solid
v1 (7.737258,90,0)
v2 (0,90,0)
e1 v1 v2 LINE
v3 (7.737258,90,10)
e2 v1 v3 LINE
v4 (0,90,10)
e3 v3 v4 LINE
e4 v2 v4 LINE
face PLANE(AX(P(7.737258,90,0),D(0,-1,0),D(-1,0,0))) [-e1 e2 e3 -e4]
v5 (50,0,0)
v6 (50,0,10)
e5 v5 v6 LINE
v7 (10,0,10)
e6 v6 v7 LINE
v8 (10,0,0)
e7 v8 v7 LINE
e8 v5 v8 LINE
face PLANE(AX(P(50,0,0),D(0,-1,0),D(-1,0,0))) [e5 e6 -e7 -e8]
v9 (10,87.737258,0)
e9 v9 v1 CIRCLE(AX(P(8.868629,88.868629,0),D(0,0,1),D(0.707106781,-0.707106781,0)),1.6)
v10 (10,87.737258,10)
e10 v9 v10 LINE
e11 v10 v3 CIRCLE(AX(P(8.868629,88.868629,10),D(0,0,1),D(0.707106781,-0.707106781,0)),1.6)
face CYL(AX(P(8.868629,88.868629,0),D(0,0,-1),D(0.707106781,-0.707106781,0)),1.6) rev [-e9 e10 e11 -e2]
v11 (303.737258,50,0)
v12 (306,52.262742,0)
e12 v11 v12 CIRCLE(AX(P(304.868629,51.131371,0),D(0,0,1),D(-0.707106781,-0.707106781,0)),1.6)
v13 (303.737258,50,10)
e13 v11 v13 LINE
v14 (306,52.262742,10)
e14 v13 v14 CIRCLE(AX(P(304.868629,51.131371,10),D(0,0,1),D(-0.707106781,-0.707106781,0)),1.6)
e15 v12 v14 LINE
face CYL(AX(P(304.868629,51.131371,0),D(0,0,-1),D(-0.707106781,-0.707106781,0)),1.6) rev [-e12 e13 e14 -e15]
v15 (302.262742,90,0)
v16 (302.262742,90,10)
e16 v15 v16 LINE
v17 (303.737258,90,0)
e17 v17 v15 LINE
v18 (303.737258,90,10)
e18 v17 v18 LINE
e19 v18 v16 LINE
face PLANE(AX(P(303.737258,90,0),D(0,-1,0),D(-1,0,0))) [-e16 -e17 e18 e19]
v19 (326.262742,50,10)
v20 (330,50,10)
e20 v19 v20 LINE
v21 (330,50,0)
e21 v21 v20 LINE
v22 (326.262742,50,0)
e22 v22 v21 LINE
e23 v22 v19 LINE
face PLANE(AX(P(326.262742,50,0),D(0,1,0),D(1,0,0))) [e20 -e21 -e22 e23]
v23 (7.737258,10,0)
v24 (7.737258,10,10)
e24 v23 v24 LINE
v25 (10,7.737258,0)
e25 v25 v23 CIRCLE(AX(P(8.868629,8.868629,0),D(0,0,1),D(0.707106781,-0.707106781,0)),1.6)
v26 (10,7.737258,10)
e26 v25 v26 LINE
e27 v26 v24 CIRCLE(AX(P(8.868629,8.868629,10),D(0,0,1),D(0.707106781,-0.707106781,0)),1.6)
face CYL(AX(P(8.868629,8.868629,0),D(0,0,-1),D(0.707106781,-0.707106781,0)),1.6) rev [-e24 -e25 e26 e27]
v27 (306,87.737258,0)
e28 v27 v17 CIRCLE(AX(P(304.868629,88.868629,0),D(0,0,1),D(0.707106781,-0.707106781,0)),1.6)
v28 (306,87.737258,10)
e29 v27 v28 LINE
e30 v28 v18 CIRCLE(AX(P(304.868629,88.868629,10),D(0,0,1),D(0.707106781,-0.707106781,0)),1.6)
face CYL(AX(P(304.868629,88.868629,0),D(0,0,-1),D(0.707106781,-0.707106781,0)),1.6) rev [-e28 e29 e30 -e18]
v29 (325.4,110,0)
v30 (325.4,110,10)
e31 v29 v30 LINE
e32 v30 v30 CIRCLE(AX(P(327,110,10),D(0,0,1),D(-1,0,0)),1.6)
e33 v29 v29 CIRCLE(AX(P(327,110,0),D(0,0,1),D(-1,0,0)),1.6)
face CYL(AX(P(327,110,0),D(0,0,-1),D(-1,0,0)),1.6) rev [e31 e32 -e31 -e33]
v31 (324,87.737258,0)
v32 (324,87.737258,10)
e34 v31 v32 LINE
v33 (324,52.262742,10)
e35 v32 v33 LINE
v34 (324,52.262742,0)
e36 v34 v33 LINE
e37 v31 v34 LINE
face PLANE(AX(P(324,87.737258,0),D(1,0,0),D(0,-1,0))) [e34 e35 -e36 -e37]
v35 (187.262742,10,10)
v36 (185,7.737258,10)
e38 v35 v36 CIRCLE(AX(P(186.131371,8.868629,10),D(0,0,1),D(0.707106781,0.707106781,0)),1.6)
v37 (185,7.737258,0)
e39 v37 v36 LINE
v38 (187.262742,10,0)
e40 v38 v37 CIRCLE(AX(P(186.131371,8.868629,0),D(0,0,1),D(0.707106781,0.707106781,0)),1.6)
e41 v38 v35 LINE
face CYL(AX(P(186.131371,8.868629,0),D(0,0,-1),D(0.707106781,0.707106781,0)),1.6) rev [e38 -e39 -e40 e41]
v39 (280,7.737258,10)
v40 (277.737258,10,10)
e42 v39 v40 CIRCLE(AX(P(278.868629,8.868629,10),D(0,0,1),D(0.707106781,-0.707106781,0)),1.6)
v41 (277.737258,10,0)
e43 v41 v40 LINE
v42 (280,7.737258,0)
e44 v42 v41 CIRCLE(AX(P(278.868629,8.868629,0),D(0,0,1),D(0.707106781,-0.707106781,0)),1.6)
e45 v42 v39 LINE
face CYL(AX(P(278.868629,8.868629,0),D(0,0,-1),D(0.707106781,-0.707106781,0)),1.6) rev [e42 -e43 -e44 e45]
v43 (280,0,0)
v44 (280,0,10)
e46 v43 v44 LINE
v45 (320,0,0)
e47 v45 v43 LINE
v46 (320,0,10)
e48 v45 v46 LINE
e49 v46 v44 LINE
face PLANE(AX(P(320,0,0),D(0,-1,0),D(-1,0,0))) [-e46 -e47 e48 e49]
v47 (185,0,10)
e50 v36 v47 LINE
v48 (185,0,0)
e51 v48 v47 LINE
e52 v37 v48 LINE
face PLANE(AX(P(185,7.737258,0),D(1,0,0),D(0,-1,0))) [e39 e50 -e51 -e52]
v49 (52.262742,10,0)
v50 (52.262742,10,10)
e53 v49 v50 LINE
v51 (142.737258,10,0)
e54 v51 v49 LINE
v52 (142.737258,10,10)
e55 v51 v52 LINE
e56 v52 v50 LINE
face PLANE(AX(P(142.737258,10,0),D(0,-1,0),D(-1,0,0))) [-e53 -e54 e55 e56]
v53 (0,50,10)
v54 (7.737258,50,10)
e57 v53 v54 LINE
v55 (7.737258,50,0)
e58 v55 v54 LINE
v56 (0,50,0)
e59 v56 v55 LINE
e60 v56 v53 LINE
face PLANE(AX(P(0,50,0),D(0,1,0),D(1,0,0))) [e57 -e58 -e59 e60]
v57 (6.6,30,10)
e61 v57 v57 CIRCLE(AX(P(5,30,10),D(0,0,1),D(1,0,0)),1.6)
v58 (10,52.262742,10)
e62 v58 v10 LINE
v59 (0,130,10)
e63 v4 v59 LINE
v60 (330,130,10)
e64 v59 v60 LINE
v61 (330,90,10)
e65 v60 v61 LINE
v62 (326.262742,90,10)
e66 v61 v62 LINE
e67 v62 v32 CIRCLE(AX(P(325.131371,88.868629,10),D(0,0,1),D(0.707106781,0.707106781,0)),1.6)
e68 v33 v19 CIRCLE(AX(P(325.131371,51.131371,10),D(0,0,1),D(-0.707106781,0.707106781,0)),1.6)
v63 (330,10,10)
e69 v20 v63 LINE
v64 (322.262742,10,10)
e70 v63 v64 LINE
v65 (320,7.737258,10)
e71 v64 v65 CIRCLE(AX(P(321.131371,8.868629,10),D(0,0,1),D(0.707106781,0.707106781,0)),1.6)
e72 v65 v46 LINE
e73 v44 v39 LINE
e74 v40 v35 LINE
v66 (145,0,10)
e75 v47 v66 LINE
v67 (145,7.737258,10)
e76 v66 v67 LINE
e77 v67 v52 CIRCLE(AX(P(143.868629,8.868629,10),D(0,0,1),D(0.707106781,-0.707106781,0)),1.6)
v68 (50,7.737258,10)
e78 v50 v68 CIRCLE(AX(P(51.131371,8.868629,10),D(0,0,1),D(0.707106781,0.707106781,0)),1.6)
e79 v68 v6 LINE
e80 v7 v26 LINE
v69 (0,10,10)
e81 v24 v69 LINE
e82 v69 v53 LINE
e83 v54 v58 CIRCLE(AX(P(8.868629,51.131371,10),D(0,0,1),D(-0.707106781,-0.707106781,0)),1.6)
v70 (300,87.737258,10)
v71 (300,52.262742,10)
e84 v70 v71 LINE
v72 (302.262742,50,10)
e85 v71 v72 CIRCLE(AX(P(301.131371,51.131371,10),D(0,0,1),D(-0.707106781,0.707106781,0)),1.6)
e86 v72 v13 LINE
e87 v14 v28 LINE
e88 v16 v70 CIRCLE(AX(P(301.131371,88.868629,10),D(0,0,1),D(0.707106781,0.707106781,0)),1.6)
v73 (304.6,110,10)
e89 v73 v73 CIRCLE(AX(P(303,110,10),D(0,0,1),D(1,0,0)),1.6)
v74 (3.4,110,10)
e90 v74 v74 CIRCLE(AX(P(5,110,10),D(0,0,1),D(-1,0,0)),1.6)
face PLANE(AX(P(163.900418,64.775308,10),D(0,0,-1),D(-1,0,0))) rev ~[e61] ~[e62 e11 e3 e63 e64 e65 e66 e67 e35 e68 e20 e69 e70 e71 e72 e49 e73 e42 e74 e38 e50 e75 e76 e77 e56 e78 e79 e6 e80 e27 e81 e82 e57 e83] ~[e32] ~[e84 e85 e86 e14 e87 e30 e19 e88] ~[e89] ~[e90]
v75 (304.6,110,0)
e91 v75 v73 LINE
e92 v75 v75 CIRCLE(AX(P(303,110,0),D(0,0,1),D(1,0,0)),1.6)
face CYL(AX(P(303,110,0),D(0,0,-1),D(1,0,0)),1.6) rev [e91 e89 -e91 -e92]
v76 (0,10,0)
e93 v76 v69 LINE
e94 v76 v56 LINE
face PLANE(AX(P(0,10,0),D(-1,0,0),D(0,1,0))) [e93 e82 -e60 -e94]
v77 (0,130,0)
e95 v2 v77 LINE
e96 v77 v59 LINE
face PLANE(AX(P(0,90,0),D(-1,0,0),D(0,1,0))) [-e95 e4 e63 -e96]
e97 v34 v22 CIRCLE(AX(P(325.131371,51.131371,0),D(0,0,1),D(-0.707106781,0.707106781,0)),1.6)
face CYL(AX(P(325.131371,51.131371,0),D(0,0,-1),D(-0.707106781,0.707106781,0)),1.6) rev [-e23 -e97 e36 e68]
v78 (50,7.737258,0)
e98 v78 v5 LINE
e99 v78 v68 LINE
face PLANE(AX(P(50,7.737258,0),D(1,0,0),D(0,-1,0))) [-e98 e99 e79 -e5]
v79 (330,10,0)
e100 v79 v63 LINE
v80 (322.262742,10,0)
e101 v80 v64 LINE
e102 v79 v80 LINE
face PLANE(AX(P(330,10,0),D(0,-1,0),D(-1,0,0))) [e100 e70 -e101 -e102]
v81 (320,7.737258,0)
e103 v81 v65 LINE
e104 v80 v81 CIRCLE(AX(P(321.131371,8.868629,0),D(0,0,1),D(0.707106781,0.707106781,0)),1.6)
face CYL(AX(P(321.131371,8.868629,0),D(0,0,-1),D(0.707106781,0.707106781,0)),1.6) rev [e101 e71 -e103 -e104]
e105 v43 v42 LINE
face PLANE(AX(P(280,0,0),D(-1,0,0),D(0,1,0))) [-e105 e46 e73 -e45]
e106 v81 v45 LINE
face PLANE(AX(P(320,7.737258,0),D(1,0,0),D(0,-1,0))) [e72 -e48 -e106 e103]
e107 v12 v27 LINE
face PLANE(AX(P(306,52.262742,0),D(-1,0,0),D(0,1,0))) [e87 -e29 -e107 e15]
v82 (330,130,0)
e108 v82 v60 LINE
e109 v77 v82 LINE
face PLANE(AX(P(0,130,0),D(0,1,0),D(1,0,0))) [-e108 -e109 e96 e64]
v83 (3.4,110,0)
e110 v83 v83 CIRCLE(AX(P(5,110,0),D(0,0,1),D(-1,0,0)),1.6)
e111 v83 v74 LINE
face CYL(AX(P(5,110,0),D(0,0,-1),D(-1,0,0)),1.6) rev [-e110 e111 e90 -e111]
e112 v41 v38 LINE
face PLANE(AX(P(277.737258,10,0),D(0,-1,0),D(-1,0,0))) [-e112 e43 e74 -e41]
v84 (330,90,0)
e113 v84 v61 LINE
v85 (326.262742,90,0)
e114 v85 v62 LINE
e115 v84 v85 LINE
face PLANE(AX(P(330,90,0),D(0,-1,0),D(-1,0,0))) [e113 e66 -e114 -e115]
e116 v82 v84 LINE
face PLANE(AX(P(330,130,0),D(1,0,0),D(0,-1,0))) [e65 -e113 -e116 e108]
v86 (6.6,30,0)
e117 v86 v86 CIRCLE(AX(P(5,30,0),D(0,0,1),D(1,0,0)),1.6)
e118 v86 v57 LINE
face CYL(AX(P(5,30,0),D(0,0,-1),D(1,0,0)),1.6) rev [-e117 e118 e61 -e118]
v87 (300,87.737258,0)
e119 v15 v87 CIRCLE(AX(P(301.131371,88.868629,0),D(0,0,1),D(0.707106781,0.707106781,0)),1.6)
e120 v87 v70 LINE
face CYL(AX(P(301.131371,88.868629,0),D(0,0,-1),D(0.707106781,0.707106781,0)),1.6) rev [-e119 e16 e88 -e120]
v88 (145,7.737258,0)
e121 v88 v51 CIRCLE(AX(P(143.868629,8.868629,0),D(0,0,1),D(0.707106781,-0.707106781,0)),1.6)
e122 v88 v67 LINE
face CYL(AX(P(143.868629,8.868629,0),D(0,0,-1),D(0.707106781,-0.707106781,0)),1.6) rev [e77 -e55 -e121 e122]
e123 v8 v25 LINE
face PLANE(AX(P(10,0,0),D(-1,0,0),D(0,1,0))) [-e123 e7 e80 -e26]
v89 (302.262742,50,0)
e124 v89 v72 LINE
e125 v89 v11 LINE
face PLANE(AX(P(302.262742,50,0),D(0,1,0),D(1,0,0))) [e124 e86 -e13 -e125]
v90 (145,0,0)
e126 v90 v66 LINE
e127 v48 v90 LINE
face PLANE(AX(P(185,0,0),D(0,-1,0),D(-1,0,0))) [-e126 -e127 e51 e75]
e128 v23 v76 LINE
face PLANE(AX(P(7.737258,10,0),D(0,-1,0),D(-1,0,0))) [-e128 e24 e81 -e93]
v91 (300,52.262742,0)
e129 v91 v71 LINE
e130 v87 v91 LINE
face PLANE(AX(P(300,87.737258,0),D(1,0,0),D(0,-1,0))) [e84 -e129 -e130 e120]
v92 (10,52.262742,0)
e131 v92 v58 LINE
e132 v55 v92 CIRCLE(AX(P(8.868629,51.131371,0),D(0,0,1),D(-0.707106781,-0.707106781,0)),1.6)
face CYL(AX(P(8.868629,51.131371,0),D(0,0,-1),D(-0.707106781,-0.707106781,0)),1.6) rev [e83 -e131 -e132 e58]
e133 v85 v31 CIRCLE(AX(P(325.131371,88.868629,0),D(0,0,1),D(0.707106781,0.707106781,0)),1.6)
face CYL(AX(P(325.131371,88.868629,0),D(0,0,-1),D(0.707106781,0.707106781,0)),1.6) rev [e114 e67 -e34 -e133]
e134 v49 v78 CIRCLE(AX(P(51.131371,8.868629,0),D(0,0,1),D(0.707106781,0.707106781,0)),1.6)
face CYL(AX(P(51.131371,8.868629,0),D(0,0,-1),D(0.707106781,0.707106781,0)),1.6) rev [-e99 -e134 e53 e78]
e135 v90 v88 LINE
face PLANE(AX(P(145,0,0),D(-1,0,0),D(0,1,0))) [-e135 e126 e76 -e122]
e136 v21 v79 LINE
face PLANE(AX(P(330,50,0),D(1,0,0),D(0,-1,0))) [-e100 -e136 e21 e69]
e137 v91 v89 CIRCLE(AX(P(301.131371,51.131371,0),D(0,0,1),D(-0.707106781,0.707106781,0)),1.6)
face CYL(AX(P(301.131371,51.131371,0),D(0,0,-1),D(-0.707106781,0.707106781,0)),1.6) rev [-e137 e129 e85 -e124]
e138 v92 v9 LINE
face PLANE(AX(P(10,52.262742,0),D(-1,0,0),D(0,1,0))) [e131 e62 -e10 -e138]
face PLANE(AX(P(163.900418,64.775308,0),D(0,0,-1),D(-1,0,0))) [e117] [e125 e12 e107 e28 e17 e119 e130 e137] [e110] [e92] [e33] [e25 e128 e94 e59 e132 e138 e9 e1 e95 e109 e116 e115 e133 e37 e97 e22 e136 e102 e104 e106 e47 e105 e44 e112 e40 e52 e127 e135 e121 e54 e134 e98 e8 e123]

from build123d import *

# Parameters (mm, degrees)
ESQUISSE1_R      = 1.6
EXTRUSION1_DEPTH = 10


with BuildPart() as part:
    # Esquisse1 → Extrusion1 (new body)
    with BuildSketch(Plane.XY):
        with BuildLine():
            Line((326.2627417, 50), (330, 50))
            Line((330, 50), (330, 10))
            Line((330, 10), (322.2627417, 10))
            ThreePointArc((322.2627417, 10), (320, 10), (320, 7.7372583))
            Line((320, 7.7372583), (320, 0))
            Line((320, 0), (280, 0))
            Line((280, 0), (280, 7.7372583))
            ThreePointArc((280, 7.7372583), (280, 10), (277.7372583, 10))
            Line((277.7372583, 10), (187.2627417, 10))
            ThreePointArc((187.2627417, 10), (185, 10), (185, 7.7372583))
            Line((185, 7.7372583), (185, 0))
            Line((185, 0), (145, 0))
            Line((145, 0), (145, 7.7372583))
            ThreePointArc((145, 7.7372583), (145, 10), (142.7372583, 10))
            Line((142.7372583, 10), (52.2627417, 10))
            ThreePointArc((52.2627417, 10), (50, 10), (50, 7.7372583))
            Line((50, 7.7372583), (50, 0))
            Line((50, 0), (10, 0))
            Line((10, 0), (10, 7.7372583))
            ThreePointArc((10, 7.7372583), (10, 10), (7.7372583, 10))
            Line((7.7372583, 10), (0, 10))
            Line((0, 10), (0, 50))
            Line((0, 50), (7.7372583, 50))
            ThreePointArc((7.7372583, 50), (10, 50), (10, 52.2627417))
            Line((10, 52.2627417), (10, 87.7372583))
            ThreePointArc((10, 87.7372583), (10, 90), (7.7372583, 90))
            Line((7.7372583, 90), (0, 90))
            Line((0, 90), (0, 130))
            Line((0, 130), (330, 130))
            Line((330, 130), (330, 90))
            Line((330, 90), (326.2627417, 90))
            ThreePointArc((326.2627417, 90), (324, 90), (324, 87.7372583))
            Line((324, 87.7372583), (324, 52.2627417))
            ThreePointArc((324, 52.2627417), (324, 50), (326.2627417, 50))
        make_face()
        with Locations((5, 30)):
            Circle(ESQUISSE1_R, mode=Mode.SUBTRACT)
        with Locations(Location((5, 110, 0), (0, 0, 180))):  # turned: the seam where the file's is
            Circle(ESQUISSE1_R, mode=Mode.SUBTRACT)
        with Locations(Location((327, 110, 0), (0, 0, 180))):  # turned: the seam where the file's is
            Circle(ESQUISSE1_R, mode=Mode.SUBTRACT)
        with Locations((303, 110)):
            Circle(ESQUISSE1_R, mode=Mode.SUBTRACT)
        with BuildLine():
            Line((302.2627417, 50), (303.7372583, 50))
            ThreePointArc((303.7372583, 50), (306, 50), (306, 52.2627417))
            Line((306, 52.2627417), (306, 87.7372583))
            ThreePointArc((306, 87.7372583), (306, 90), (303.7372583, 90))
            Line((303.7372583, 90), (302.2627417, 90))
            ThreePointArc((302.2627417, 90), (300, 90), (300, 87.7372583))
            Line((300, 87.7372583), (300, 52.2627417))
            ThreePointArc((300, 52.2627417), (300, 50), (302.2627417, 50))
        make_face(mode=Mode.SUBTRACT)
    extrude(amount=EXTRUSION1_DEPTH)


solid = part.part
